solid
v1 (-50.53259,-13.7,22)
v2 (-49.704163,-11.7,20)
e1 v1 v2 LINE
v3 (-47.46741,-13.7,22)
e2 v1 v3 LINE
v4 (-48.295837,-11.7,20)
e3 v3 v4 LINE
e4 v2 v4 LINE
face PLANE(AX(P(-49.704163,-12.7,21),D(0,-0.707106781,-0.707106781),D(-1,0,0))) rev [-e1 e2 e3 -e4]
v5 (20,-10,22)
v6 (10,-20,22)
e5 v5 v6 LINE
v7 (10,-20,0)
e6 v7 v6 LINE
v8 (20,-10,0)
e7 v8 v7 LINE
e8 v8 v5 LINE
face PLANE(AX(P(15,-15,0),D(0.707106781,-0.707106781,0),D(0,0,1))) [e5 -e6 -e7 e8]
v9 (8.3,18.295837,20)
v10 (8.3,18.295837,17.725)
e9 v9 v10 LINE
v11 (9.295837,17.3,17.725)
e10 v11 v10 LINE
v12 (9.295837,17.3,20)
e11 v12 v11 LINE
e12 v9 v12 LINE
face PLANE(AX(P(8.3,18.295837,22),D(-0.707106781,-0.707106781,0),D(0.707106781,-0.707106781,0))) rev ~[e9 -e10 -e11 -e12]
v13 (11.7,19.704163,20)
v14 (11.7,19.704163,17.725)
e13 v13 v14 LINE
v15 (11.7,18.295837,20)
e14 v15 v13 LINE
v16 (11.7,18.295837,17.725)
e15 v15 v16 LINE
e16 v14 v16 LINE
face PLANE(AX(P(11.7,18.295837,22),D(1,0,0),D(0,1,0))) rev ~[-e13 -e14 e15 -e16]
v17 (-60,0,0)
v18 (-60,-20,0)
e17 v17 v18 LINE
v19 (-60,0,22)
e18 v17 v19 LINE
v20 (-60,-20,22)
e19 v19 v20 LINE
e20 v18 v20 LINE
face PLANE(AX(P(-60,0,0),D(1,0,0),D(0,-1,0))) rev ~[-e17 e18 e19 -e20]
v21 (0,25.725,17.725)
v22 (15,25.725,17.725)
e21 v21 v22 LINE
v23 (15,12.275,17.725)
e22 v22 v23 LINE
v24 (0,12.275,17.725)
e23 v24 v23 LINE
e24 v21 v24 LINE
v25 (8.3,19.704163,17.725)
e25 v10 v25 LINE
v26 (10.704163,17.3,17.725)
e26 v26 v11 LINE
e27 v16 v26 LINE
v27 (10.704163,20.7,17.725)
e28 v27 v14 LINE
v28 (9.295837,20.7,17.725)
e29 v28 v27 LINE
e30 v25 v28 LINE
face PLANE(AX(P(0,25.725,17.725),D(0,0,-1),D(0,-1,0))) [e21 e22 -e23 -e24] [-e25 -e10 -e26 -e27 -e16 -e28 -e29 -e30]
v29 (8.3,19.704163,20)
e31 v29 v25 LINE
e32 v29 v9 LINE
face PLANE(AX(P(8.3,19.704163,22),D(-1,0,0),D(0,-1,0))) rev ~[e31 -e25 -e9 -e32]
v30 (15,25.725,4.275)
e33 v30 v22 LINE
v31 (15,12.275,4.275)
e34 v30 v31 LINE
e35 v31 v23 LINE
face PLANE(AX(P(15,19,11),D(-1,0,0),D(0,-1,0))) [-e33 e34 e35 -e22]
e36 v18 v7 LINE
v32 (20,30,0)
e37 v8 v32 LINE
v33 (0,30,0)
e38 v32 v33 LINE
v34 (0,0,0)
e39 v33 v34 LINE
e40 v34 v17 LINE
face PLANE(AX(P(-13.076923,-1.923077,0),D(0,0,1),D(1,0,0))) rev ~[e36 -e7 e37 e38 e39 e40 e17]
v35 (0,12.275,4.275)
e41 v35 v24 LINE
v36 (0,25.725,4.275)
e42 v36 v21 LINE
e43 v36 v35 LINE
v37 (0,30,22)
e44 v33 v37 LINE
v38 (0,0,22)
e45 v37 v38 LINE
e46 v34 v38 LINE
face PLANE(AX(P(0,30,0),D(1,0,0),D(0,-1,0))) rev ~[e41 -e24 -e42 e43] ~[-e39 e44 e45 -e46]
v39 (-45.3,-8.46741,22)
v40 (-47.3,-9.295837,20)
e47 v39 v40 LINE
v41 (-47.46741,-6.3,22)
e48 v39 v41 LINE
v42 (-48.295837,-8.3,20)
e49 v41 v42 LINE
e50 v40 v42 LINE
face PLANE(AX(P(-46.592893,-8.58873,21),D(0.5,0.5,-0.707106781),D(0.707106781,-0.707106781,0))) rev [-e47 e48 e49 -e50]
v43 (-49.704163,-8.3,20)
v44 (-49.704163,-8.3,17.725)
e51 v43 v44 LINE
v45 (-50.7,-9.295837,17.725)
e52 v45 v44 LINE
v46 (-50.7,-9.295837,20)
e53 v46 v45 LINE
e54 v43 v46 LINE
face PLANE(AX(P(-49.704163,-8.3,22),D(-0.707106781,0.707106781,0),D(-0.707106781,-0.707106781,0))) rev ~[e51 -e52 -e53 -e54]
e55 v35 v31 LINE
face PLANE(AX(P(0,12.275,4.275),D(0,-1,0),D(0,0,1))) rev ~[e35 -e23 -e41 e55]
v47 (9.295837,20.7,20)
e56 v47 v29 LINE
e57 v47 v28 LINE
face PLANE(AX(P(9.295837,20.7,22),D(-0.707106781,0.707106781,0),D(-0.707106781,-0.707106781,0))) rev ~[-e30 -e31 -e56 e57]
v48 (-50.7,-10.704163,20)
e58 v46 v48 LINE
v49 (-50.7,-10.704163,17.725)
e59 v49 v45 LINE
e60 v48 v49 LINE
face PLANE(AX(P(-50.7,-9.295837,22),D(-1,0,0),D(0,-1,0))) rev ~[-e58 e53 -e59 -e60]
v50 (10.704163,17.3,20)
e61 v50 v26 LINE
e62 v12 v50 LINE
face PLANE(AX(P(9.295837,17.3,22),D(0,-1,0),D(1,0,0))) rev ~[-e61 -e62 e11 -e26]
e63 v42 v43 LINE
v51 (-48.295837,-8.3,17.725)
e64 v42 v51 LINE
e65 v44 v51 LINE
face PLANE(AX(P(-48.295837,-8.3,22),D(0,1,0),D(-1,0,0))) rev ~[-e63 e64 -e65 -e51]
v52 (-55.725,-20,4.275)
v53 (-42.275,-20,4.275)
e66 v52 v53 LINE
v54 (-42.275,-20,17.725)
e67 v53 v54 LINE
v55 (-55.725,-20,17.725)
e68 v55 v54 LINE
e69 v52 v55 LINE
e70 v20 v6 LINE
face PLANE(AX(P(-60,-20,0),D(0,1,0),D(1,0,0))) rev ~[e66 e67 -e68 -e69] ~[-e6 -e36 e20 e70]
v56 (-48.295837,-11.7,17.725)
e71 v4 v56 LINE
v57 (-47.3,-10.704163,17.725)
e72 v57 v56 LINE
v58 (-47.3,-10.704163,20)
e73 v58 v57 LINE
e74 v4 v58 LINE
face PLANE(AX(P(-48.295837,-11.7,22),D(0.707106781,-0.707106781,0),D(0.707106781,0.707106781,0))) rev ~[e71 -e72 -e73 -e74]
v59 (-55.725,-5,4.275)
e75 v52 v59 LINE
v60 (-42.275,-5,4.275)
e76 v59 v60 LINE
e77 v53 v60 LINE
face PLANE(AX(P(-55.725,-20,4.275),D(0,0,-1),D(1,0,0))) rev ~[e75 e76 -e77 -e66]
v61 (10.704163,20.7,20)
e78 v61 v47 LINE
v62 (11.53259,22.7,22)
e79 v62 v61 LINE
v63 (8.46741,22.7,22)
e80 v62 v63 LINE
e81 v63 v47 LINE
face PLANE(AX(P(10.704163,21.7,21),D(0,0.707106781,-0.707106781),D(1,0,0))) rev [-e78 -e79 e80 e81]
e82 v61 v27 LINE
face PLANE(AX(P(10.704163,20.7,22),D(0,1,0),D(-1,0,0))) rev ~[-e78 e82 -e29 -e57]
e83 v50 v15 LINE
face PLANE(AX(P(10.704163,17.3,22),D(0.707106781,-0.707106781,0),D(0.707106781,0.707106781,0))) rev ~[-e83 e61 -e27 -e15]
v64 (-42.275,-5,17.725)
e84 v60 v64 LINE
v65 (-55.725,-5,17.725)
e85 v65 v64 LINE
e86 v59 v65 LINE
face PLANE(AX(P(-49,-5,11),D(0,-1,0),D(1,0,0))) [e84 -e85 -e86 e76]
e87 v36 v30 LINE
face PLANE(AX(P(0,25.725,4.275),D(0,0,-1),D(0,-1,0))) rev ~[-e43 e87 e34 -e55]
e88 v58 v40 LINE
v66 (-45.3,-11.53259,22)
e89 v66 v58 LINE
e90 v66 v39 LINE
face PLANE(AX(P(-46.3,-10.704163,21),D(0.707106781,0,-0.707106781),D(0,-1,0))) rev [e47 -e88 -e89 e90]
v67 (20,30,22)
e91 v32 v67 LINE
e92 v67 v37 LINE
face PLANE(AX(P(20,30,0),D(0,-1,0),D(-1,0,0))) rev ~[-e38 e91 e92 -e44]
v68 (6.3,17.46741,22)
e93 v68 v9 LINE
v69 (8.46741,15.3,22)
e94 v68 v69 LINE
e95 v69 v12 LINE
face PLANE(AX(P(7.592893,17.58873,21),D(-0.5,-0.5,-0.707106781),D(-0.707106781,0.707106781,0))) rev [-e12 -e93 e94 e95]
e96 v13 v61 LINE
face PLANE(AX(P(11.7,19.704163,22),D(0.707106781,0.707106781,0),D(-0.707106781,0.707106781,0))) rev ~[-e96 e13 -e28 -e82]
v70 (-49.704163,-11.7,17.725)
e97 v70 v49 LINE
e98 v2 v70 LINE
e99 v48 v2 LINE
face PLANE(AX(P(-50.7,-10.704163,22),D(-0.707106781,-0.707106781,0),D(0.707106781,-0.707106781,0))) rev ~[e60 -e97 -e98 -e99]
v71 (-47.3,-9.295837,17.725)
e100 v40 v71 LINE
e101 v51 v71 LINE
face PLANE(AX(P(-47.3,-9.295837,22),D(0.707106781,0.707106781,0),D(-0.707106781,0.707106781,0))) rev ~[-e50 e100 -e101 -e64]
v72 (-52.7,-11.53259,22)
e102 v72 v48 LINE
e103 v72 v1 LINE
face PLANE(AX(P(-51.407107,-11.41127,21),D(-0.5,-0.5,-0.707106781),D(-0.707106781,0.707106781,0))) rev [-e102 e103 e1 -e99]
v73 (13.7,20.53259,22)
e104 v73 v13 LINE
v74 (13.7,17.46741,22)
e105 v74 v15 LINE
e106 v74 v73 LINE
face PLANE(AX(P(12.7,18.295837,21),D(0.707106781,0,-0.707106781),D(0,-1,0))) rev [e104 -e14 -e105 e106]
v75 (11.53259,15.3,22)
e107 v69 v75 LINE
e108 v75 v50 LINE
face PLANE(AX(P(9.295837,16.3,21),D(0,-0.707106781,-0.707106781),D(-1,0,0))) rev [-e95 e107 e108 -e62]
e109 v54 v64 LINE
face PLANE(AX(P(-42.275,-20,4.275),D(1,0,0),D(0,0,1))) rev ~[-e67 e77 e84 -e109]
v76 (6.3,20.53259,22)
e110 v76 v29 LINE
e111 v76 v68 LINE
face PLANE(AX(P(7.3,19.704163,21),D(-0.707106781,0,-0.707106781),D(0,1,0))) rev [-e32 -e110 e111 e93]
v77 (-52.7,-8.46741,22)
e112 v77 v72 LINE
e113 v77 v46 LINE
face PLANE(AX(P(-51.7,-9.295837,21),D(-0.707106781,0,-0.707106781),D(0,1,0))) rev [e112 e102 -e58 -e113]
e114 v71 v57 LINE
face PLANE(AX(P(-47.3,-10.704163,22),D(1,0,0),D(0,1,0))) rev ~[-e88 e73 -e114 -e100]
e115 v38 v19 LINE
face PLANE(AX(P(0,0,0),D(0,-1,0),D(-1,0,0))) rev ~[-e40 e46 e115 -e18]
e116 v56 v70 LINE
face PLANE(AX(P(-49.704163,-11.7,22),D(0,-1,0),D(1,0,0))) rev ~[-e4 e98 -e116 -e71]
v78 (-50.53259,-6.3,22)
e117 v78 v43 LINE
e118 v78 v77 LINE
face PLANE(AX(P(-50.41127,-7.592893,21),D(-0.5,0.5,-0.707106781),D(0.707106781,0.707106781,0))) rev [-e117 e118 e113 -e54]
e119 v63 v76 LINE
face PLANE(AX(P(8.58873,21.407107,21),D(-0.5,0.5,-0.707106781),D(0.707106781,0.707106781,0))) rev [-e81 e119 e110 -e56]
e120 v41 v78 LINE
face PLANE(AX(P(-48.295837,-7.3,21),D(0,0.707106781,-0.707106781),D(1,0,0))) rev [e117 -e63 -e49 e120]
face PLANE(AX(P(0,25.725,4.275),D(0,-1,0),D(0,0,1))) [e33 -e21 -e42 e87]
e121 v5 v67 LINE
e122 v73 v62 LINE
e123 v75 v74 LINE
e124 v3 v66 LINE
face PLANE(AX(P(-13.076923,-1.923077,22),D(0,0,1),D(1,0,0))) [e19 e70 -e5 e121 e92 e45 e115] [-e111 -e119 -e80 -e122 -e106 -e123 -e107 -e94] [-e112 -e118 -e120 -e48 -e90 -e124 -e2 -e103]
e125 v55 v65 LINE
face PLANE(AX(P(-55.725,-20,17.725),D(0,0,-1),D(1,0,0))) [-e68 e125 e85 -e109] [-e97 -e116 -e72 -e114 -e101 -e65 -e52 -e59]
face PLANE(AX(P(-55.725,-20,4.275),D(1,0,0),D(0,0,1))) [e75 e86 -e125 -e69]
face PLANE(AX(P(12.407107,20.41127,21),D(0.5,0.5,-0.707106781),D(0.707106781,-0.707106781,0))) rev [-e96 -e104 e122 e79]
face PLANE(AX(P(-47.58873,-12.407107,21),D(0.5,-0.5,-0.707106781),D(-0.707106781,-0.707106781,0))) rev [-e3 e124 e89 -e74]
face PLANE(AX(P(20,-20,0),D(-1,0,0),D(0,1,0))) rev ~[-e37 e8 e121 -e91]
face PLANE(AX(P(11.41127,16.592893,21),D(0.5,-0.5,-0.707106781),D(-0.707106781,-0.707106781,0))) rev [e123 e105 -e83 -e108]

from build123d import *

# Parameters (mm, degrees)
PAD_DEPTH       = 22
SKETCH001_W     = 13.45
SKETCH001_H     = 13.45
POCKET_DEPTH    = 15
SKETCH002_W     = 13.45
SKETCH002_H     = 13.45
POCKET001_DEPTH = 15
CHAMFER_SIZE    = 10
POCKET002_DEPTH = 5
CHAMFER001_SIZE = 2


with BuildPart() as part:
    # Sketch → Pad (new body)
    with BuildSketch(Plane.XY):
        Polygon((0, 30), (0, 0), (-60, 0), (-60, -20), (20, -20), (20, 30), align=None)
    extrude(amount=PAD_DEPTH)

    # Sketch001 (on Face1 of Pad) → Pocket (cut)
    with BuildSketch(Plane(origin=(0, 0, 0), x_dir=(0, -1, 0), z_dir=(-1, 0, 0))):
        with Locations((-19, 11)):
            Rectangle(SKETCH001_W, SKETCH001_H)
    extrude(amount=-POCKET_DEPTH, mode=Mode.SUBTRACT)

    # Sketch002 (on Face12 of Pocket) → Pocket001 (cut)
    with BuildSketch(Plane.XZ.offset(20)):
        with Locations((-49, 11)):
            Rectangle(SKETCH002_W, SKETCH002_H)
    extrude(amount=-POCKET001_DEPTH, mode=Mode.SUBTRACT)

    # Chamfer
    chamfer_edges = [part.edges().sort_by_distance(p)[0] for p in [
        (20, -20, 11),
    ]]
    chamfer(chamfer_edges, length=CHAMFER_SIZE)

    # Sketch003 (on Face9 of Chamfer) → Pocket002 (cut)
    with BuildSketch(Plane.XY.offset(22)):
        Polygon((9.295837, 17.3), (10.704163, 17.3), (11.7, 18.295837), (11.7, 19.704163), (10.704163, 20.7), (9.295837, 20.7), (8.3, 19.704163), (8.3, 18.295837), align=None)
        Polygon((-47.3, -10.704163), (-47.3, -9.295837), (-48.295837, -8.3), (-49.704163, -8.3), (-50.7, -9.295837), (-50.7, -10.704163), (-49.704163, -11.7), (-48.295837, -11.7), align=None)
    extrude(amount=-POCKET002_DEPTH, mode=Mode.SUBTRACT)

    # Chamfer001
    chamfer001_edges = [part.edges().sort_by_distance(p)[0] for p in [
        (-50.7, -10, 22),
        (-50.202082, -8.797918, 22),
        (-49, -8.3, 22),
        (-47.797918, -8.797918, 22),
        (-47.3, -10, 22),
        (-47.797918, -11.202082, 22),
        (-49, -11.7, 22),
        (-50.202082, -11.202082, 22),
        (8.3, 19, 22),
        (8.797918, 20.202082, 22),
        (10, 20.7, 22),
        (11.202082, 20.202082, 22),
        (11.7, 19, 22),
        (11.202082, 17.797918, 22),
        (10, 17.3, 22),
        (8.797918, 17.797918, 22),
    ]]
    chamfer(chamfer001_edges, length=CHAMFER001_SIZE)


solid = part.part
